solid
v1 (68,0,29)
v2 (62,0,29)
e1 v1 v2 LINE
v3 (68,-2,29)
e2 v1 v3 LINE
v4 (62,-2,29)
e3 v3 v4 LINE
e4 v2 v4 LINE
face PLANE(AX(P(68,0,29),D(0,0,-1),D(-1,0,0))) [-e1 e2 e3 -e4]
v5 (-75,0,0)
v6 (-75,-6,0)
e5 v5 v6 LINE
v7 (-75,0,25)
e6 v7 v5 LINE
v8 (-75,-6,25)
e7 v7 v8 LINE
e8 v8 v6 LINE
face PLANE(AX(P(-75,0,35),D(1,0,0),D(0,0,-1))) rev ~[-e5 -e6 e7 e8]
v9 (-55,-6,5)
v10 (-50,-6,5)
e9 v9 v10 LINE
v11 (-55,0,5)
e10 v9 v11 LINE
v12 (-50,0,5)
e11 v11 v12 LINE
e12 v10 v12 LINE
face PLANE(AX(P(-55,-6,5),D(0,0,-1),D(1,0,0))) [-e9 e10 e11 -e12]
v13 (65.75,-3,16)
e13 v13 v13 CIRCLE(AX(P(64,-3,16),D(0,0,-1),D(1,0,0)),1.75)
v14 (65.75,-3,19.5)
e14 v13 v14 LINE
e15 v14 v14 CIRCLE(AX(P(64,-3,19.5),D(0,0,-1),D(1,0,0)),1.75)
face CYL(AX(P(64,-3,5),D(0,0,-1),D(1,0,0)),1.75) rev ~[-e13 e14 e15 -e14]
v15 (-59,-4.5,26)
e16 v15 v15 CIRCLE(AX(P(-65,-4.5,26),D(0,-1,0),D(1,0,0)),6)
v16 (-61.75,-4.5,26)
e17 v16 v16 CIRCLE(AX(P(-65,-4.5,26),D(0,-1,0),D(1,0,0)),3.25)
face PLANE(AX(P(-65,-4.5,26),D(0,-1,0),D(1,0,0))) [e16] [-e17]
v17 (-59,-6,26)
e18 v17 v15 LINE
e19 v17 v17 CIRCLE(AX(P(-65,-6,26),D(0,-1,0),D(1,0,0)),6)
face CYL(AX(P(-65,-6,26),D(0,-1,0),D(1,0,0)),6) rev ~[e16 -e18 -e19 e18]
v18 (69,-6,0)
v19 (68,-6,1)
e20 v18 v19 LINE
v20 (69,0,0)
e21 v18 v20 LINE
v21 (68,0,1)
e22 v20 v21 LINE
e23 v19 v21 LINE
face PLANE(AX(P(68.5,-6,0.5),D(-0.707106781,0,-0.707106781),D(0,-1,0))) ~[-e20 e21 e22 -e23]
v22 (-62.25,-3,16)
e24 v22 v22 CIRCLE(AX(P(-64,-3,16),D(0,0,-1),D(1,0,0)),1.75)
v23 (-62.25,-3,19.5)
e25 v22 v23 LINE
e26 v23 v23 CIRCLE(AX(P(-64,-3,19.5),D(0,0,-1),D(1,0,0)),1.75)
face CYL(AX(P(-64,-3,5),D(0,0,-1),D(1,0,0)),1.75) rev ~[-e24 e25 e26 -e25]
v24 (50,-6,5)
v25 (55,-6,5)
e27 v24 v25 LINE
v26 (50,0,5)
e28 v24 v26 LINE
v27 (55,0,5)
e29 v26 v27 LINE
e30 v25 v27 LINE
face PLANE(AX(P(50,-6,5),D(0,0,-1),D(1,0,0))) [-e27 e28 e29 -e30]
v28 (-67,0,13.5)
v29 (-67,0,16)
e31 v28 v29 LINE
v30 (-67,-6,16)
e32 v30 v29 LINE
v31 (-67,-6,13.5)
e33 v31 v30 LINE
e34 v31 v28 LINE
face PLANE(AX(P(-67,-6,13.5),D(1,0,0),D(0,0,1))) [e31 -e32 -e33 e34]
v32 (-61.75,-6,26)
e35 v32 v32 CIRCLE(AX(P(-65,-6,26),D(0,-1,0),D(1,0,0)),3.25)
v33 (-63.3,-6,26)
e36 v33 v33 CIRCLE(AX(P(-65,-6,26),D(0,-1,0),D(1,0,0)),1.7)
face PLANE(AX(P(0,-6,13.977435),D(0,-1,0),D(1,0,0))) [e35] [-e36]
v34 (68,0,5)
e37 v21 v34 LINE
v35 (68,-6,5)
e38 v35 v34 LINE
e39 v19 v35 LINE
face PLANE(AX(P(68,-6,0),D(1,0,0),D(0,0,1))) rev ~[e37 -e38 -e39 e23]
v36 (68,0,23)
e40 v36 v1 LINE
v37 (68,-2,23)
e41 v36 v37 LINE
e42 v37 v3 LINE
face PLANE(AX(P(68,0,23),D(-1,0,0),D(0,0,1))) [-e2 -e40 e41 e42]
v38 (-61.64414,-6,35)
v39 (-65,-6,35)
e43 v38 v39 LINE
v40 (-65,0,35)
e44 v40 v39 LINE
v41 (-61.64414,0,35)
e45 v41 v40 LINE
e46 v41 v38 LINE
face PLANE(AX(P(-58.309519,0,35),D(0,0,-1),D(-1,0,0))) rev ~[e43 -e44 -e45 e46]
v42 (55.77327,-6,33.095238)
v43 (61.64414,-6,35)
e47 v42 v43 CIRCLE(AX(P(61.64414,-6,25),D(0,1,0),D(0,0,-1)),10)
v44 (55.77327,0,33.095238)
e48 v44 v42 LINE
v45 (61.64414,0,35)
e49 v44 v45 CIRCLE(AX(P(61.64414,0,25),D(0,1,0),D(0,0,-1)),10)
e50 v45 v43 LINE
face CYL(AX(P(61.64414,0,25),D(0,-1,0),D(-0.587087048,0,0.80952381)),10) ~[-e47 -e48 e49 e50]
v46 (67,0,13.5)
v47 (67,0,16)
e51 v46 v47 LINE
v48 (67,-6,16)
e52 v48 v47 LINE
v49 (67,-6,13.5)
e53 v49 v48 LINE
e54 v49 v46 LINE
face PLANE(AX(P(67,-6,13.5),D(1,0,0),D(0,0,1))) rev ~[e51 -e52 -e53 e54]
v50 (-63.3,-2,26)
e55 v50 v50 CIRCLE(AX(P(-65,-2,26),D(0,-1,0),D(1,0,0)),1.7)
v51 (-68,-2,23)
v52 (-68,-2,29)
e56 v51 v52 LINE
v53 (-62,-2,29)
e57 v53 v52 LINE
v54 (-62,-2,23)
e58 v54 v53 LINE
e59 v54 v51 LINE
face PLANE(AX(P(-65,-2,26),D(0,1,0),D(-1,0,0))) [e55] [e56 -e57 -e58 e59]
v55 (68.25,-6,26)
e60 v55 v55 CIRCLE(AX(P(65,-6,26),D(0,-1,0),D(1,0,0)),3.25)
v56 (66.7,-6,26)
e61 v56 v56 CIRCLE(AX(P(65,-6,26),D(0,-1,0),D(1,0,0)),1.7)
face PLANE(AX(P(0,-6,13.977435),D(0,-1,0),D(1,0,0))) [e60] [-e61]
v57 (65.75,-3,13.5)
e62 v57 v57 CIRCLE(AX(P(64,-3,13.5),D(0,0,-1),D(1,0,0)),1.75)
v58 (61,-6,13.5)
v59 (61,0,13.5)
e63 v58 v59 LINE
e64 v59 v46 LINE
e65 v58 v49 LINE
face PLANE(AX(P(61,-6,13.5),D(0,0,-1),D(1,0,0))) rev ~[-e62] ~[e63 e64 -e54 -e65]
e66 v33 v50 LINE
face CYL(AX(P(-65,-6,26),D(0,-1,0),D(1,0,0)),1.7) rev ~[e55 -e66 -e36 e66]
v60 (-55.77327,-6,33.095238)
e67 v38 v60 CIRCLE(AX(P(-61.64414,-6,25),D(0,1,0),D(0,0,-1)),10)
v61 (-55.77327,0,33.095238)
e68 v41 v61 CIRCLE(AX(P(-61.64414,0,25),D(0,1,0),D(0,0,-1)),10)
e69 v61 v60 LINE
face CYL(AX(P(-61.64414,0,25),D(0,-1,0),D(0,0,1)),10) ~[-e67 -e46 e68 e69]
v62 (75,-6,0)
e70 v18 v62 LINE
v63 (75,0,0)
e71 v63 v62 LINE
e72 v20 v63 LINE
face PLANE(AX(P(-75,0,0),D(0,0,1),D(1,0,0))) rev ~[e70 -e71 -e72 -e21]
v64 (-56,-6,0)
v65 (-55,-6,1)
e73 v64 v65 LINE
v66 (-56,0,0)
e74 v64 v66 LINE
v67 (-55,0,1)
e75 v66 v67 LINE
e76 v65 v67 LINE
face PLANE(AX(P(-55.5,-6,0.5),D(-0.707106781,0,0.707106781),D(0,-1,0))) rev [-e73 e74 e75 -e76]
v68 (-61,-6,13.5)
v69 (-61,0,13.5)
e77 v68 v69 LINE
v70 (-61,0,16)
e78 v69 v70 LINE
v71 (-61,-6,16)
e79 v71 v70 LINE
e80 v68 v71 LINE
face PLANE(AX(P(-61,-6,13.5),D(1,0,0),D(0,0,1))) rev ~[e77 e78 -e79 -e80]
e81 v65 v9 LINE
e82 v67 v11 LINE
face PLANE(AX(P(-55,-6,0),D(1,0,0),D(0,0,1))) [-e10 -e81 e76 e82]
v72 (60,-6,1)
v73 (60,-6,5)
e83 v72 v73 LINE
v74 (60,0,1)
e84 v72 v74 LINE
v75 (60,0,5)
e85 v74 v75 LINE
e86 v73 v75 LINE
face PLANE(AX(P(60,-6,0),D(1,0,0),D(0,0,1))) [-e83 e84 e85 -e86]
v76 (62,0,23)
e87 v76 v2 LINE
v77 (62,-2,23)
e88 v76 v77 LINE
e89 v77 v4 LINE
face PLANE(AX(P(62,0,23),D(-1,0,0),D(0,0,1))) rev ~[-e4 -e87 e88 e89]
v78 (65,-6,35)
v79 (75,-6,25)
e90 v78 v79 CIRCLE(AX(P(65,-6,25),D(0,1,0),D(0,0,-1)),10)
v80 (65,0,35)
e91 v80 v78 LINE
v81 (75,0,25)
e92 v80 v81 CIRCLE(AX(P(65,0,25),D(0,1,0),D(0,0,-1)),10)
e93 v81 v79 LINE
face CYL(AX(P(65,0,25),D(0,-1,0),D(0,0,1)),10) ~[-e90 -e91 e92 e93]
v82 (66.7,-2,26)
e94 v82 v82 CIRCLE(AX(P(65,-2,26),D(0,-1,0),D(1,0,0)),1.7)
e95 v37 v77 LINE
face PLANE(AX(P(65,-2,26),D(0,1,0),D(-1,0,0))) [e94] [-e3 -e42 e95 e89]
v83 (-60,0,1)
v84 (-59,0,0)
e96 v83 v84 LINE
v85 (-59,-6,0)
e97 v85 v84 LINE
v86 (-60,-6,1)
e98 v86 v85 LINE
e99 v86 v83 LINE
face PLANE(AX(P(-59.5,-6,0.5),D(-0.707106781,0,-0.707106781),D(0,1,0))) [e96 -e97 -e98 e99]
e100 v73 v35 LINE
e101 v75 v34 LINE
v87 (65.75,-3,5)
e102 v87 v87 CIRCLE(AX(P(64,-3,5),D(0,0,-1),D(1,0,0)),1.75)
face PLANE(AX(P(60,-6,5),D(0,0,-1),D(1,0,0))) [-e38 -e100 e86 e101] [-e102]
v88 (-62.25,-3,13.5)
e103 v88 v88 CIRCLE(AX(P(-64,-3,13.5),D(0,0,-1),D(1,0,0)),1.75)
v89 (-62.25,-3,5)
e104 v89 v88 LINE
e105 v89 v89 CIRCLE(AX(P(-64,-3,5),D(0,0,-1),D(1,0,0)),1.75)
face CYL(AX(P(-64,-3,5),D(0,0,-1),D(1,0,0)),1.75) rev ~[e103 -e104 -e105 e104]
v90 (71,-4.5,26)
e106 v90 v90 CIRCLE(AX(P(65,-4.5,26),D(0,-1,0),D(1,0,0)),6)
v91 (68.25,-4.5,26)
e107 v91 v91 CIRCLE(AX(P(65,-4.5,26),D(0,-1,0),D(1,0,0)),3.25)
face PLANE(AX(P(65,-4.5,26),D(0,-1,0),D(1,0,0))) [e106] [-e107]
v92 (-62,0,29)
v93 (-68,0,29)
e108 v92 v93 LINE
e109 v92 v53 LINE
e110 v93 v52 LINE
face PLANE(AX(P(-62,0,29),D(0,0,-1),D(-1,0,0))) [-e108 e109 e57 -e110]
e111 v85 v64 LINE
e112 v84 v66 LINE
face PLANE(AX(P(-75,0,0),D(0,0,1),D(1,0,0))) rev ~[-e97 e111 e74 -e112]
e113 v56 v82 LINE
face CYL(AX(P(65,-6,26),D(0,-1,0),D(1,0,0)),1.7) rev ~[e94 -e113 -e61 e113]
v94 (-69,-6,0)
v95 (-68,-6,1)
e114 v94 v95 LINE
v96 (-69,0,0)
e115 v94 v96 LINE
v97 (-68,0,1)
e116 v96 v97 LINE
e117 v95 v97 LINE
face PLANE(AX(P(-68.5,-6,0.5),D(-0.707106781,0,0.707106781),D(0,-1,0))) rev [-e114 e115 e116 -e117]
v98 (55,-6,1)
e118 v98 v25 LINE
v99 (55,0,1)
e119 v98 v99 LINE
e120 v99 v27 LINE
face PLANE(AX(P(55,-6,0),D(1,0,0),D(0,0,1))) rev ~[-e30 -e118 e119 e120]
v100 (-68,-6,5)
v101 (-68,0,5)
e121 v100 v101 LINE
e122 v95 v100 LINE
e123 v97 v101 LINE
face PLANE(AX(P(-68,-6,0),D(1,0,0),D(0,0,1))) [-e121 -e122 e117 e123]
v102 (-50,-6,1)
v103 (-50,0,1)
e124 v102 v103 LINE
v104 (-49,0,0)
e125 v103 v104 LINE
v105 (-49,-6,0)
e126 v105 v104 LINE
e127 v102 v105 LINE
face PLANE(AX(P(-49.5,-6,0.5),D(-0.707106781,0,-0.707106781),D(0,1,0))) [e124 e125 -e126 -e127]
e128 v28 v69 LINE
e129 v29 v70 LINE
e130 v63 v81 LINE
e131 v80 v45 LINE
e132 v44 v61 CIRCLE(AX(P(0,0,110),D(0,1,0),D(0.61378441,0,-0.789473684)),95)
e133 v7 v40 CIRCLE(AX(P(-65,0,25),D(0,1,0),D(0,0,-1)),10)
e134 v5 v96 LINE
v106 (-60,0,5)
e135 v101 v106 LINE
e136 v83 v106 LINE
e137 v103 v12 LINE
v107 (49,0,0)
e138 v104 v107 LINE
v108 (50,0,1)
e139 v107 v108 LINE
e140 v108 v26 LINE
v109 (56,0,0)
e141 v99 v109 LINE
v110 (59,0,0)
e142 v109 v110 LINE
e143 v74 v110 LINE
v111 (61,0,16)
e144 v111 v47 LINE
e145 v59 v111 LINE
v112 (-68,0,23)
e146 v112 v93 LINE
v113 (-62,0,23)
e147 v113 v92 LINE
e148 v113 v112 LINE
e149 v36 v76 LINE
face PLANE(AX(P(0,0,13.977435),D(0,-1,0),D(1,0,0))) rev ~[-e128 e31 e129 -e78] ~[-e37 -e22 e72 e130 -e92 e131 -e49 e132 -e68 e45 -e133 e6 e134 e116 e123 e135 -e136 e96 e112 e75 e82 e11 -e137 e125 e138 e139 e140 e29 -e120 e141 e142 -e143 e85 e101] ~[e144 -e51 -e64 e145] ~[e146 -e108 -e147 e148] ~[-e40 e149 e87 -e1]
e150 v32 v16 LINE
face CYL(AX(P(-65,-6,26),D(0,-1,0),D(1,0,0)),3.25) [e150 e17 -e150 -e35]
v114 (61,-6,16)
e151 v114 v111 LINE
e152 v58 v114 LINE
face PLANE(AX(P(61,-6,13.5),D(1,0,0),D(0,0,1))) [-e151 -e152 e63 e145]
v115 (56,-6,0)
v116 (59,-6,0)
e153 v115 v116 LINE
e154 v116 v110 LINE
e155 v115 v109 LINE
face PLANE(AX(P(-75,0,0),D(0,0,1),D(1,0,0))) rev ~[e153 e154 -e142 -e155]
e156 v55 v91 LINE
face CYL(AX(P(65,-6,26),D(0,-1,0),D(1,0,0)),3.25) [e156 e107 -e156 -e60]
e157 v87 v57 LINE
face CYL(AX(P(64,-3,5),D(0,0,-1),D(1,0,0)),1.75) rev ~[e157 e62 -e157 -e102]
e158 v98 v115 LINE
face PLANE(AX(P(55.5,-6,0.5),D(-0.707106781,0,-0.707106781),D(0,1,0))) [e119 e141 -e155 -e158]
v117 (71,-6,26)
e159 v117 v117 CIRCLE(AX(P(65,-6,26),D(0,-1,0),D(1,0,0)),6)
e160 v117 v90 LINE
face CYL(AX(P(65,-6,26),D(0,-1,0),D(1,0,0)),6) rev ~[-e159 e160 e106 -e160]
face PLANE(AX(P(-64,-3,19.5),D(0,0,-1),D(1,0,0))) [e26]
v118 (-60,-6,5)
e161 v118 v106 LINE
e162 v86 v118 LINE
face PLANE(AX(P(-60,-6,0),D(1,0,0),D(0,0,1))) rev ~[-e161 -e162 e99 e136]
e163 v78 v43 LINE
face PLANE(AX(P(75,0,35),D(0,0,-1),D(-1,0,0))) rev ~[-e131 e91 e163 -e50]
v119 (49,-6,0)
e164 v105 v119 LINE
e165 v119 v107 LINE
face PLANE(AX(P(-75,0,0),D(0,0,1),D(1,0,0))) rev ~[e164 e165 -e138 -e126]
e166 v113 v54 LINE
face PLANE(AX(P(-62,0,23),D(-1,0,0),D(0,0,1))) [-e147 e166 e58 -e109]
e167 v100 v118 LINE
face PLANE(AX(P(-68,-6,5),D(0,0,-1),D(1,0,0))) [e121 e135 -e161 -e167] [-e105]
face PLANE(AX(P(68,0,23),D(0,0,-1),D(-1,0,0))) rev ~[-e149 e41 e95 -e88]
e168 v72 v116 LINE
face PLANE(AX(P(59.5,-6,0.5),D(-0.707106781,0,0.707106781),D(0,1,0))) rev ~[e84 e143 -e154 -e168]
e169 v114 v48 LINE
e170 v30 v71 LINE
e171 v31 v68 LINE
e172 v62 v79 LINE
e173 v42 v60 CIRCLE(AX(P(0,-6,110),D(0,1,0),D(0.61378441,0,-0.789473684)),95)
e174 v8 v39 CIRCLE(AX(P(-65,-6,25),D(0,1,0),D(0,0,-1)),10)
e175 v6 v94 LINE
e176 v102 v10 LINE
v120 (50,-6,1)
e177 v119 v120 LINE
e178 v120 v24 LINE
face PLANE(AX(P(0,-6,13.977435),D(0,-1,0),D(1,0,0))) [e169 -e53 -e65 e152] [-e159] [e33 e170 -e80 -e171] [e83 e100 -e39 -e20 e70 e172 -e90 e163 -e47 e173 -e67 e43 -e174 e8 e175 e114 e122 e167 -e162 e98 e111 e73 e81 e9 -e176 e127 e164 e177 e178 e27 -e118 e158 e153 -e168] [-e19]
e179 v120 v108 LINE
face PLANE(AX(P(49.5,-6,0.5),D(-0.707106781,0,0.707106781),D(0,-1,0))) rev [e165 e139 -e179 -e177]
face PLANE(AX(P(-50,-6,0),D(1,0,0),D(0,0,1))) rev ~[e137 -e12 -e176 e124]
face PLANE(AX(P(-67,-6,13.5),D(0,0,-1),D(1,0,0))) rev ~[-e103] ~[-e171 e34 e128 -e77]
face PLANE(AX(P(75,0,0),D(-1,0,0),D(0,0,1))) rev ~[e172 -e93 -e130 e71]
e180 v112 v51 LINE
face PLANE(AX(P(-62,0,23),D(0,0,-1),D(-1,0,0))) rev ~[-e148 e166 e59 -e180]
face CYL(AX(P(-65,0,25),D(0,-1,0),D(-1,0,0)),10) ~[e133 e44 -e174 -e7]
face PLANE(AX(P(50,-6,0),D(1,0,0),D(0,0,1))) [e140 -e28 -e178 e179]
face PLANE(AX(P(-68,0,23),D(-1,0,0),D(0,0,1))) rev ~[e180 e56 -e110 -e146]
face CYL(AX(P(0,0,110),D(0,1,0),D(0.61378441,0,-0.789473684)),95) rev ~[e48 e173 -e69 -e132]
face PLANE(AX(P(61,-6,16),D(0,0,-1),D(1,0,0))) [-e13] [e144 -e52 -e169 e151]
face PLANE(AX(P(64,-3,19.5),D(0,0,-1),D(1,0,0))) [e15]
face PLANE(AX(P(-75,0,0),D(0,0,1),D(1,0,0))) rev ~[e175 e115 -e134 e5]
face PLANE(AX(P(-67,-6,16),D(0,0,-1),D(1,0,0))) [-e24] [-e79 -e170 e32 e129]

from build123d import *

# Parameters (mm, degrees)
F1_DEPTH  = 6
F2_R      = 6
F2_R_2    = 3.25
F3_DEPTH  = 1.5
F4_W      = 8
F4_H      = 5
F4_W_2    = 6
F4_H_2    = 2.5
F4_W_3    = 5
F5_DEPTH  = 6.001
F6_R      = 10
F7_SIZE   = 1
F8_R      = 1.75
F9_DEPTH  = 14.5
F10_R     = 1.75
F11_DEPTH = 14.5
F12_R     = 1.7
F13_DEPTH = 6.001
F14_R     = 1.7
F15_DEPTH = 6.001
F16_W     = 6
F16_H     = 6
F16_R     = 1.7
F17_DEPTH = 2


with BuildPart() as f1:
    # F0 (on Front) → F1 (new body)
    with BuildSketch(Plane.XZ):
        with BuildLine():
            Line((-75, 0), (75, 0))
            Line((75, 0), (75, 35))
            Line((75, 35), (58.3095189485, 35))
            ThreePointArc((58.3095189485, 35), (0, 15), (-58.3095189485, 35))
            Line((-58.3095189485, 35), (-75, 35))
            Line((-75, 35), (-75, 0))
        make_face()
    extrude(amount=F1_DEPTH)

    # F2 (on face) → F3 (cut)
    with BuildSketch(Plane.XZ.offset(6)):
        with Locations((-65, 26)):
            Circle(F2_R)
        with Locations((-65, 26)):
            Circle(F2_R_2, mode=Mode.SUBTRACT)
        with Locations((65, 26)):
            Circle(F2_R)
        with Locations((65, 26)):
            Circle(F2_R_2, mode=Mode.SUBTRACT)
    extrude(amount=-F3_DEPTH, mode=Mode.SUBTRACT)

    # F4 (on face) → F5 (cut, through all)
    with BuildSketch(Plane.XZ.offset(6)):
        with Locations((-64, 2.5)):
            Rectangle(F4_W, F4_H)
        with Locations((64, 2.5)):
            Rectangle(F4_W, F4_H)
        with Locations((-64, 14.75)):
            Rectangle(F4_W_2, F4_H_2)
        with Locations((64, 14.75)):
            Rectangle(F4_W_2, F4_H_2)
        with Locations((-52.5, 2.5)):
            Rectangle(F4_W_3, F4_H)
        with Locations((52.5, 2.5)):
            Rectangle(F4_W_3, F4_H)
    extrude(amount=-F5_DEPTH, mode=Mode.SUBTRACT)

    # F6
    f6_edges = [f1.edges().sort_by_distance(p)[0] for p in [
        (-75, -3, 35),
        (75, -3, 35),
        (58.309519, -3, 35),
        (-58.309519, -3, 35),
    ]]
    fillet(f6_edges, radius=F6_R)

    # F7
    f7_edges = [f1.edges().sort_by_distance(p)[0] for p in [
        (-68, -3, 0),
        (-60, -3, 0),
        (60, -3, 0),
        (68, -3, 0),
        (-55, -3, 0),
        (-50, -3, 0),
        (50, -3, 0),
        (55, -3, 0),
    ]]
    chamfer(f7_edges, length=F7_SIZE)

    # F8 (on face) → F9 (cut)
    with BuildSketch(Plane(origin=(0, 0, 5), x_dir=(1, 0, 0), z_dir=(0, 0, -1))):
        with Locations((-64, 3)):
            Circle(F8_R)
    extrude(amount=-F9_DEPTH, mode=Mode.SUBTRACT)

    # F10 (on face) → F11 (cut)
    with BuildSketch(Plane(origin=(0, 0, 5), x_dir=(1, 0, 0), z_dir=(0, 0, -1))):
        with Locations((64, 3)):
            Circle(F10_R)
    extrude(amount=-F11_DEPTH, mode=Mode.SUBTRACT)

    # F12 (on face) → F13 (cut, through all)
    with BuildSketch(Plane.XZ.offset(6)):
        with Locations((-65, 26)):
            Circle(F12_R)
    extrude(amount=-F13_DEPTH, mode=Mode.SUBTRACT)

    # F14 (on face) → F15 (cut, through all)
    with BuildSketch(Plane.XZ.offset(6)):
        with Locations((65, 26)):
            Circle(F14_R)
    extrude(amount=-F15_DEPTH, mode=Mode.SUBTRACT)

    # F16 (on face) → F17 (cut)
    with BuildSketch(Plane(origin=(0, 0, 0), x_dir=(-1, 0, 0), z_dir=(0, 1, 0))):
        with Locations((65, 26)):
            Rectangle(F16_W, F16_H)
        with Locations((65, 26)):
            Circle(F16_R, mode=Mode.SUBTRACT)
        with Locations((-65, 26)):
            Rectangle(F16_W, F16_H)
        with Locations((-65, 26)):
            Circle(F16_R, mode=Mode.SUBTRACT)
    extrude(amount=-F17_DEPTH, mode=Mode.SUBTRACT)


solid = f1.part
